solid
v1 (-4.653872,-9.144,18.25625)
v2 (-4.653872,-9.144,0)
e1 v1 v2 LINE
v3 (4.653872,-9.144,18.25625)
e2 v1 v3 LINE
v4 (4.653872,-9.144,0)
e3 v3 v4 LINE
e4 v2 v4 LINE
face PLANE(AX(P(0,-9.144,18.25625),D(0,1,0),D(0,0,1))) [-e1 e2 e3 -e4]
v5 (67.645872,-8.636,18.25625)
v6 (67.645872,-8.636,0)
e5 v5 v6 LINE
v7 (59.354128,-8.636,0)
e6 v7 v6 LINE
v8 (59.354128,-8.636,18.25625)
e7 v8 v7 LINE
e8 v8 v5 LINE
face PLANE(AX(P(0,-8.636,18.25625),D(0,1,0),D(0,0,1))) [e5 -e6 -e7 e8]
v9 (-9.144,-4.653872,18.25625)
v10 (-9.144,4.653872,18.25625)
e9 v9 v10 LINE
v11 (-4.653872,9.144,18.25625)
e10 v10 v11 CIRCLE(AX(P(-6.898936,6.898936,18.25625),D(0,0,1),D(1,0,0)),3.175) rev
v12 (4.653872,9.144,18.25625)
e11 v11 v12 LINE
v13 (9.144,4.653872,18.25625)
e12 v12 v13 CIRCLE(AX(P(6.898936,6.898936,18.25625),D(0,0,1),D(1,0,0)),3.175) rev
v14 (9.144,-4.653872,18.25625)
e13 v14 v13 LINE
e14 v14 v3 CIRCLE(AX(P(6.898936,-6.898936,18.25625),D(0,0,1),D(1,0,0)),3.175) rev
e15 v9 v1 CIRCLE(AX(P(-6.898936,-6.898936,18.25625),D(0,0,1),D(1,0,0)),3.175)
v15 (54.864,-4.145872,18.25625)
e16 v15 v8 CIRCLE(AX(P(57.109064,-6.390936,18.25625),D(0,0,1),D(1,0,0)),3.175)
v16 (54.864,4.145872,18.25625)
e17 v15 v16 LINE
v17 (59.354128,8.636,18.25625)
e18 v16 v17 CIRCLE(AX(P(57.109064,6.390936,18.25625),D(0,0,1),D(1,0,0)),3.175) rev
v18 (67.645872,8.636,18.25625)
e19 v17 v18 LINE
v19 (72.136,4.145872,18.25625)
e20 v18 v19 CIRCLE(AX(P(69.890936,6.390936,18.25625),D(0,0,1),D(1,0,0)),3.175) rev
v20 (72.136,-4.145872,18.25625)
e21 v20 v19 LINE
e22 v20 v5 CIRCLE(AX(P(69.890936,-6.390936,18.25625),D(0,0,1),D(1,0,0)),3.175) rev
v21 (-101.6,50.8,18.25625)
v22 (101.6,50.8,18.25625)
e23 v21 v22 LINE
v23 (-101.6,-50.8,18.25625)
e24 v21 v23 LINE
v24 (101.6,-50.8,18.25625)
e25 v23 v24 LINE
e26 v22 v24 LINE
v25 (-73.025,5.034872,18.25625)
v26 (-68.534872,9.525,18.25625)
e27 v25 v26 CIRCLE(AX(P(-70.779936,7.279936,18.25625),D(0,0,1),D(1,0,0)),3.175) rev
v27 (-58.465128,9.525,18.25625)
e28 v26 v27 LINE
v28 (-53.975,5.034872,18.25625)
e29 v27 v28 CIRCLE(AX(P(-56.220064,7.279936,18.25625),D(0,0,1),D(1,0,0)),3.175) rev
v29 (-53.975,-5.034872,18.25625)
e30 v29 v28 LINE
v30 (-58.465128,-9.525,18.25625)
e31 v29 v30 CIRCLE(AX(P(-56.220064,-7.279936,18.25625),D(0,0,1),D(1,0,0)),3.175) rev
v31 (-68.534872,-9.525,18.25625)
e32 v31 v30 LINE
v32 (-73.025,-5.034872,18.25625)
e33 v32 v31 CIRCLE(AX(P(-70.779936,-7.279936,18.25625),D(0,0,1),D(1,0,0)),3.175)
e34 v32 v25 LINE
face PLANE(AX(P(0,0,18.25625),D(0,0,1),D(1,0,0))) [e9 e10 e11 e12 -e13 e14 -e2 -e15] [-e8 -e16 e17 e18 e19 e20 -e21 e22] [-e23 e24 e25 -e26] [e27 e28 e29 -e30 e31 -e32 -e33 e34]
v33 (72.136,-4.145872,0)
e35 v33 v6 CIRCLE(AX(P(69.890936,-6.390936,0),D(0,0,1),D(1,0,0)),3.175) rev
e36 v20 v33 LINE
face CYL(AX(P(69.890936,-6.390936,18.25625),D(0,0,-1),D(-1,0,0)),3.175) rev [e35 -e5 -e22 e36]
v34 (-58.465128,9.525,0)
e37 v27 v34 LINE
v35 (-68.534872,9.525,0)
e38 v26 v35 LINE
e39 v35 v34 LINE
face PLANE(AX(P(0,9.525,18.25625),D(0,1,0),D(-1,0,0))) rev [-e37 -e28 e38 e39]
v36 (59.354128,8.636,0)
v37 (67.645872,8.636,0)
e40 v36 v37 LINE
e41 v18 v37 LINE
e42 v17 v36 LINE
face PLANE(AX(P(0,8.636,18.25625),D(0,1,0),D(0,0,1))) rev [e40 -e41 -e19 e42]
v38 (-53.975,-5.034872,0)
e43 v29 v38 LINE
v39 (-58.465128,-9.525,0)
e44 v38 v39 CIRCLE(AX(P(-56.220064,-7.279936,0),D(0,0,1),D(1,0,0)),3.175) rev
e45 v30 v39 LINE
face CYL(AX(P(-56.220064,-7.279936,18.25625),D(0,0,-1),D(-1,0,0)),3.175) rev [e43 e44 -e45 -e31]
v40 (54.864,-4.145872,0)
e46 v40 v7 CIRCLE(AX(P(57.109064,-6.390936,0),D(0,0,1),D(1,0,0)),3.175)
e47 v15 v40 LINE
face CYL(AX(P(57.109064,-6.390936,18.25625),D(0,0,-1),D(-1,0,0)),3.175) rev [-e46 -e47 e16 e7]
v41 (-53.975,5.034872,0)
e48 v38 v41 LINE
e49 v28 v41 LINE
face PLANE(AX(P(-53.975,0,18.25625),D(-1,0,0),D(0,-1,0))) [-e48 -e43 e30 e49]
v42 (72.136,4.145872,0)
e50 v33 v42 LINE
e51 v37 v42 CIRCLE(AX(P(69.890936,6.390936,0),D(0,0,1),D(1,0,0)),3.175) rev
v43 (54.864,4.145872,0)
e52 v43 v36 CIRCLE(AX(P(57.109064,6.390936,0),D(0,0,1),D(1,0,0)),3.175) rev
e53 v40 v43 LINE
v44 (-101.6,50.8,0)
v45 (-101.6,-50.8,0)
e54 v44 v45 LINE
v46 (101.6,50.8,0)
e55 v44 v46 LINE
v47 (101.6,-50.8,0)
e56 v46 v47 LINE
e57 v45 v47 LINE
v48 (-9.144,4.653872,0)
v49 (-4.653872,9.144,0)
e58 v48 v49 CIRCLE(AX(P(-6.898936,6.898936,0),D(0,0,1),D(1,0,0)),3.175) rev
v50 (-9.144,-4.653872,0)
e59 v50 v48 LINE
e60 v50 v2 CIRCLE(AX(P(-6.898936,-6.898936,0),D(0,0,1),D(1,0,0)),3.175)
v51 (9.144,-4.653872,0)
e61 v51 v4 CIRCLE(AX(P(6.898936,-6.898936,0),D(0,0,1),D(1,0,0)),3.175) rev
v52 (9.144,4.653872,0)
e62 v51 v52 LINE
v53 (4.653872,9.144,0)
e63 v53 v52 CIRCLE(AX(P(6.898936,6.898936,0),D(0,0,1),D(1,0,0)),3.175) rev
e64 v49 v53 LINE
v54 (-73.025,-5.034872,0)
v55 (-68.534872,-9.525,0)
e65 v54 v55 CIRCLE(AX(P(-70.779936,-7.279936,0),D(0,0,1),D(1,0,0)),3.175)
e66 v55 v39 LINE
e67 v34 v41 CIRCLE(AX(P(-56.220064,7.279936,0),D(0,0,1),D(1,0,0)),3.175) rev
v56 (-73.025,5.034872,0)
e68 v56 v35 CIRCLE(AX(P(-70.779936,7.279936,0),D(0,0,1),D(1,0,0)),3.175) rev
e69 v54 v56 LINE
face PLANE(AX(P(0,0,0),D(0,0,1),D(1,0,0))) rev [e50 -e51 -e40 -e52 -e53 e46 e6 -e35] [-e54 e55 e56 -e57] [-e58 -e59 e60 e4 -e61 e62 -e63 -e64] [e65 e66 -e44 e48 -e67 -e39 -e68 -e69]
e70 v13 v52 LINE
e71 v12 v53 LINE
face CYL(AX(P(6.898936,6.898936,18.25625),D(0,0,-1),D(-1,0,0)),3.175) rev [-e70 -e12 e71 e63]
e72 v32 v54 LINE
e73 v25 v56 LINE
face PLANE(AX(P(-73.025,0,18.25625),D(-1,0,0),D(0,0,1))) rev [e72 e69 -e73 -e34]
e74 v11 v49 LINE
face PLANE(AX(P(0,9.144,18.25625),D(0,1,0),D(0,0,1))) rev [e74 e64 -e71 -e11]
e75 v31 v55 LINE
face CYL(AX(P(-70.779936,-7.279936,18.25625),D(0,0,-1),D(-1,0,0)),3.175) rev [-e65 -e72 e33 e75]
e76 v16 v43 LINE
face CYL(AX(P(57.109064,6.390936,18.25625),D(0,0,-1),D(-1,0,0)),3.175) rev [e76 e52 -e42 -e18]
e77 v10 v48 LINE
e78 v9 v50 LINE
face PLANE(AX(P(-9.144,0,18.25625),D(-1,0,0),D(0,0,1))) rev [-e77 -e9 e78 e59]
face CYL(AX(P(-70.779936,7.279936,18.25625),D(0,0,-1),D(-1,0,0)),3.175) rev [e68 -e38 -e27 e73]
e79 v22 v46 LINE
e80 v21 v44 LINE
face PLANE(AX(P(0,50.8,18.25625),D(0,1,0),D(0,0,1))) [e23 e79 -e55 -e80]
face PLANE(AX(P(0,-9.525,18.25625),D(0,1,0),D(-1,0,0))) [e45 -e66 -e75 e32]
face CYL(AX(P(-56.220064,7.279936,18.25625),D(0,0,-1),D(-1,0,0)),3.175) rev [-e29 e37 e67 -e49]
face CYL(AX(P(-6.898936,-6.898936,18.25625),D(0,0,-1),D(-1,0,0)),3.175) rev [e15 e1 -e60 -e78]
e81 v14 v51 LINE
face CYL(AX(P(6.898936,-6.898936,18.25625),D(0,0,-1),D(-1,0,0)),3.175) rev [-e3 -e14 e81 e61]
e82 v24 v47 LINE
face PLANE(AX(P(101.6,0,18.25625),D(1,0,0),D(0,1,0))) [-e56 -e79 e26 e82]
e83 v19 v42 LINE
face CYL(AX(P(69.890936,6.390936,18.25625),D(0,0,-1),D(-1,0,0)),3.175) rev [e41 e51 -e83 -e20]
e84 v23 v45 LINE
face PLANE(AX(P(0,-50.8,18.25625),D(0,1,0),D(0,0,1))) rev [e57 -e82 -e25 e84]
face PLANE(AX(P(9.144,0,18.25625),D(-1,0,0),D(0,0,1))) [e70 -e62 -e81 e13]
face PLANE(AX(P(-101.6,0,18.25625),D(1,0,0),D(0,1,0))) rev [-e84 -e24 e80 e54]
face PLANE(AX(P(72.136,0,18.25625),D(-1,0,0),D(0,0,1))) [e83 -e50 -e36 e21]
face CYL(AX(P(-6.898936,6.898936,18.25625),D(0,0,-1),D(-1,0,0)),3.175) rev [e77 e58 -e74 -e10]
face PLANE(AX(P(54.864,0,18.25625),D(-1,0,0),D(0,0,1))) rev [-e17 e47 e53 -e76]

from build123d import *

# Parameters (mm, degrees)
SKETCH1_W           = 203.2
SKETCH1_H           = 101.6
BOSS_EXTRUDE1_DEPTH = 18.25625


with BuildPart() as part:
    # Sketch1 → Boss-Extrude1 (new body)
    with BuildSketch(Plane.XY):
        Rectangle(SKETCH1_W, SKETCH1_H)
        with BuildLine():
            ThreePointArc((-68.534871939, -9.525), (-70.77993597, -10.45493597), (-73.025, -9.525))
            ThreePointArc((-73.025, -9.525), (-73.95493597, -7.27993597), (-73.025, -5.034871939))
            Line((-73.025, -5.034871939), (-73.025, 5.034871939))
            ThreePointArc((-73.025, 5.034871939), (-73.95493597, 7.27993597), (-73.025, 9.525))
            ThreePointArc((-73.025, 9.525), (-70.77993597, 10.45493597), (-68.534871939, 9.525))
            Line((-68.534871939, 9.525), (-58.465128061, 9.525))
            ThreePointArc((-58.465128061, 9.525), (-56.22006403, 10.45493597), (-53.975, 9.525))
            ThreePointArc((-53.975, 9.525), (-53.04506403, 7.27993597), (-53.975, 5.034871939))
            Line((-53.975, 5.034871939), (-53.975, -5.034871939))
            ThreePointArc((-53.975, -5.034871939), (-53.04506403, -7.27993597), (-53.975, -9.525))
            ThreePointArc((-53.975, -9.525), (-56.22006403, -10.45493597), (-58.465128061, -9.525))
            Line((-58.465128061, -9.525), (-68.534871939, -9.525))
        make_face(mode=Mode.SUBTRACT)
        with BuildLine():
            ThreePointArc((-4.653871939, -9.144), (-6.89893597, -10.07393597), (-9.144, -9.144))
            ThreePointArc((-9.144, -9.144), (-10.07393597, -6.89893597), (-9.144, -4.653871939))
            Line((-9.144, -4.653871939), (-9.144, 4.653871939))
            ThreePointArc((-9.144, 4.653871939), (-10.07393597, 6.89893597), (-9.144, 9.144))
            ThreePointArc((-9.144, 9.144), (-6.89893597, 10.07393597), (-4.653871939, 9.144))
            Line((-4.653871939, 9.144), (4.653871939, 9.144))
            ThreePointArc((4.653871939, 9.144), (6.89893597, 10.07393597), (9.144, 9.144))
            ThreePointArc((9.144, 9.144), (10.07393597, 6.89893597), (9.144, 4.653871939))
            Line((9.144, 4.653871939), (9.144, -4.653871939))
            ThreePointArc((9.144, -4.653871939), (10.07393597, -6.89893597), (9.144, -9.144))
            ThreePointArc((9.144, -9.144), (6.89893597, -10.07393597), (4.653871939, -9.144))
            Line((4.653871939, -9.144), (-4.653871939, -9.144))
        make_face(mode=Mode.SUBTRACT)
        with BuildLine():
            ThreePointArc((59.354128061, -8.636), (57.10906403, -9.56593597), (54.864, -8.636))
            ThreePointArc((54.864, -8.636), (53.93406403, -6.39093597), (54.864, -4.145871939))
            Line((54.864, -4.145871939), (54.864, 4.145871939))
            ThreePointArc((54.864, 4.145871939), (53.93406403, 6.39093597), (54.864, 8.636))
            ThreePointArc((54.864, 8.636), (57.10906403, 9.56593597), (59.354128061, 8.636))
            Line((59.354128061, 8.636), (67.645871939, 8.636))
            ThreePointArc((67.645871939, 8.636), (69.89093597, 9.56593597), (72.136, 8.636))
            ThreePointArc((72.136, 8.636), (73.06593597, 6.39093597), (72.136, 4.145871939))
            Line((72.136, 4.145871939), (72.136, -4.145871939))
            ThreePointArc((72.136, -4.145871939), (73.06593597, -6.39093597), (72.136, -8.636))
            ThreePointArc((72.136, -8.636), (69.89093597, -9.56593597), (67.645871939, -8.636))
            Line((67.645871939, -8.636), (59.354128061, -8.636))
        make_face(mode=Mode.SUBTRACT)
    extrude(amount=BOSS_EXTRUDE1_DEPTH)


solid = part.part
